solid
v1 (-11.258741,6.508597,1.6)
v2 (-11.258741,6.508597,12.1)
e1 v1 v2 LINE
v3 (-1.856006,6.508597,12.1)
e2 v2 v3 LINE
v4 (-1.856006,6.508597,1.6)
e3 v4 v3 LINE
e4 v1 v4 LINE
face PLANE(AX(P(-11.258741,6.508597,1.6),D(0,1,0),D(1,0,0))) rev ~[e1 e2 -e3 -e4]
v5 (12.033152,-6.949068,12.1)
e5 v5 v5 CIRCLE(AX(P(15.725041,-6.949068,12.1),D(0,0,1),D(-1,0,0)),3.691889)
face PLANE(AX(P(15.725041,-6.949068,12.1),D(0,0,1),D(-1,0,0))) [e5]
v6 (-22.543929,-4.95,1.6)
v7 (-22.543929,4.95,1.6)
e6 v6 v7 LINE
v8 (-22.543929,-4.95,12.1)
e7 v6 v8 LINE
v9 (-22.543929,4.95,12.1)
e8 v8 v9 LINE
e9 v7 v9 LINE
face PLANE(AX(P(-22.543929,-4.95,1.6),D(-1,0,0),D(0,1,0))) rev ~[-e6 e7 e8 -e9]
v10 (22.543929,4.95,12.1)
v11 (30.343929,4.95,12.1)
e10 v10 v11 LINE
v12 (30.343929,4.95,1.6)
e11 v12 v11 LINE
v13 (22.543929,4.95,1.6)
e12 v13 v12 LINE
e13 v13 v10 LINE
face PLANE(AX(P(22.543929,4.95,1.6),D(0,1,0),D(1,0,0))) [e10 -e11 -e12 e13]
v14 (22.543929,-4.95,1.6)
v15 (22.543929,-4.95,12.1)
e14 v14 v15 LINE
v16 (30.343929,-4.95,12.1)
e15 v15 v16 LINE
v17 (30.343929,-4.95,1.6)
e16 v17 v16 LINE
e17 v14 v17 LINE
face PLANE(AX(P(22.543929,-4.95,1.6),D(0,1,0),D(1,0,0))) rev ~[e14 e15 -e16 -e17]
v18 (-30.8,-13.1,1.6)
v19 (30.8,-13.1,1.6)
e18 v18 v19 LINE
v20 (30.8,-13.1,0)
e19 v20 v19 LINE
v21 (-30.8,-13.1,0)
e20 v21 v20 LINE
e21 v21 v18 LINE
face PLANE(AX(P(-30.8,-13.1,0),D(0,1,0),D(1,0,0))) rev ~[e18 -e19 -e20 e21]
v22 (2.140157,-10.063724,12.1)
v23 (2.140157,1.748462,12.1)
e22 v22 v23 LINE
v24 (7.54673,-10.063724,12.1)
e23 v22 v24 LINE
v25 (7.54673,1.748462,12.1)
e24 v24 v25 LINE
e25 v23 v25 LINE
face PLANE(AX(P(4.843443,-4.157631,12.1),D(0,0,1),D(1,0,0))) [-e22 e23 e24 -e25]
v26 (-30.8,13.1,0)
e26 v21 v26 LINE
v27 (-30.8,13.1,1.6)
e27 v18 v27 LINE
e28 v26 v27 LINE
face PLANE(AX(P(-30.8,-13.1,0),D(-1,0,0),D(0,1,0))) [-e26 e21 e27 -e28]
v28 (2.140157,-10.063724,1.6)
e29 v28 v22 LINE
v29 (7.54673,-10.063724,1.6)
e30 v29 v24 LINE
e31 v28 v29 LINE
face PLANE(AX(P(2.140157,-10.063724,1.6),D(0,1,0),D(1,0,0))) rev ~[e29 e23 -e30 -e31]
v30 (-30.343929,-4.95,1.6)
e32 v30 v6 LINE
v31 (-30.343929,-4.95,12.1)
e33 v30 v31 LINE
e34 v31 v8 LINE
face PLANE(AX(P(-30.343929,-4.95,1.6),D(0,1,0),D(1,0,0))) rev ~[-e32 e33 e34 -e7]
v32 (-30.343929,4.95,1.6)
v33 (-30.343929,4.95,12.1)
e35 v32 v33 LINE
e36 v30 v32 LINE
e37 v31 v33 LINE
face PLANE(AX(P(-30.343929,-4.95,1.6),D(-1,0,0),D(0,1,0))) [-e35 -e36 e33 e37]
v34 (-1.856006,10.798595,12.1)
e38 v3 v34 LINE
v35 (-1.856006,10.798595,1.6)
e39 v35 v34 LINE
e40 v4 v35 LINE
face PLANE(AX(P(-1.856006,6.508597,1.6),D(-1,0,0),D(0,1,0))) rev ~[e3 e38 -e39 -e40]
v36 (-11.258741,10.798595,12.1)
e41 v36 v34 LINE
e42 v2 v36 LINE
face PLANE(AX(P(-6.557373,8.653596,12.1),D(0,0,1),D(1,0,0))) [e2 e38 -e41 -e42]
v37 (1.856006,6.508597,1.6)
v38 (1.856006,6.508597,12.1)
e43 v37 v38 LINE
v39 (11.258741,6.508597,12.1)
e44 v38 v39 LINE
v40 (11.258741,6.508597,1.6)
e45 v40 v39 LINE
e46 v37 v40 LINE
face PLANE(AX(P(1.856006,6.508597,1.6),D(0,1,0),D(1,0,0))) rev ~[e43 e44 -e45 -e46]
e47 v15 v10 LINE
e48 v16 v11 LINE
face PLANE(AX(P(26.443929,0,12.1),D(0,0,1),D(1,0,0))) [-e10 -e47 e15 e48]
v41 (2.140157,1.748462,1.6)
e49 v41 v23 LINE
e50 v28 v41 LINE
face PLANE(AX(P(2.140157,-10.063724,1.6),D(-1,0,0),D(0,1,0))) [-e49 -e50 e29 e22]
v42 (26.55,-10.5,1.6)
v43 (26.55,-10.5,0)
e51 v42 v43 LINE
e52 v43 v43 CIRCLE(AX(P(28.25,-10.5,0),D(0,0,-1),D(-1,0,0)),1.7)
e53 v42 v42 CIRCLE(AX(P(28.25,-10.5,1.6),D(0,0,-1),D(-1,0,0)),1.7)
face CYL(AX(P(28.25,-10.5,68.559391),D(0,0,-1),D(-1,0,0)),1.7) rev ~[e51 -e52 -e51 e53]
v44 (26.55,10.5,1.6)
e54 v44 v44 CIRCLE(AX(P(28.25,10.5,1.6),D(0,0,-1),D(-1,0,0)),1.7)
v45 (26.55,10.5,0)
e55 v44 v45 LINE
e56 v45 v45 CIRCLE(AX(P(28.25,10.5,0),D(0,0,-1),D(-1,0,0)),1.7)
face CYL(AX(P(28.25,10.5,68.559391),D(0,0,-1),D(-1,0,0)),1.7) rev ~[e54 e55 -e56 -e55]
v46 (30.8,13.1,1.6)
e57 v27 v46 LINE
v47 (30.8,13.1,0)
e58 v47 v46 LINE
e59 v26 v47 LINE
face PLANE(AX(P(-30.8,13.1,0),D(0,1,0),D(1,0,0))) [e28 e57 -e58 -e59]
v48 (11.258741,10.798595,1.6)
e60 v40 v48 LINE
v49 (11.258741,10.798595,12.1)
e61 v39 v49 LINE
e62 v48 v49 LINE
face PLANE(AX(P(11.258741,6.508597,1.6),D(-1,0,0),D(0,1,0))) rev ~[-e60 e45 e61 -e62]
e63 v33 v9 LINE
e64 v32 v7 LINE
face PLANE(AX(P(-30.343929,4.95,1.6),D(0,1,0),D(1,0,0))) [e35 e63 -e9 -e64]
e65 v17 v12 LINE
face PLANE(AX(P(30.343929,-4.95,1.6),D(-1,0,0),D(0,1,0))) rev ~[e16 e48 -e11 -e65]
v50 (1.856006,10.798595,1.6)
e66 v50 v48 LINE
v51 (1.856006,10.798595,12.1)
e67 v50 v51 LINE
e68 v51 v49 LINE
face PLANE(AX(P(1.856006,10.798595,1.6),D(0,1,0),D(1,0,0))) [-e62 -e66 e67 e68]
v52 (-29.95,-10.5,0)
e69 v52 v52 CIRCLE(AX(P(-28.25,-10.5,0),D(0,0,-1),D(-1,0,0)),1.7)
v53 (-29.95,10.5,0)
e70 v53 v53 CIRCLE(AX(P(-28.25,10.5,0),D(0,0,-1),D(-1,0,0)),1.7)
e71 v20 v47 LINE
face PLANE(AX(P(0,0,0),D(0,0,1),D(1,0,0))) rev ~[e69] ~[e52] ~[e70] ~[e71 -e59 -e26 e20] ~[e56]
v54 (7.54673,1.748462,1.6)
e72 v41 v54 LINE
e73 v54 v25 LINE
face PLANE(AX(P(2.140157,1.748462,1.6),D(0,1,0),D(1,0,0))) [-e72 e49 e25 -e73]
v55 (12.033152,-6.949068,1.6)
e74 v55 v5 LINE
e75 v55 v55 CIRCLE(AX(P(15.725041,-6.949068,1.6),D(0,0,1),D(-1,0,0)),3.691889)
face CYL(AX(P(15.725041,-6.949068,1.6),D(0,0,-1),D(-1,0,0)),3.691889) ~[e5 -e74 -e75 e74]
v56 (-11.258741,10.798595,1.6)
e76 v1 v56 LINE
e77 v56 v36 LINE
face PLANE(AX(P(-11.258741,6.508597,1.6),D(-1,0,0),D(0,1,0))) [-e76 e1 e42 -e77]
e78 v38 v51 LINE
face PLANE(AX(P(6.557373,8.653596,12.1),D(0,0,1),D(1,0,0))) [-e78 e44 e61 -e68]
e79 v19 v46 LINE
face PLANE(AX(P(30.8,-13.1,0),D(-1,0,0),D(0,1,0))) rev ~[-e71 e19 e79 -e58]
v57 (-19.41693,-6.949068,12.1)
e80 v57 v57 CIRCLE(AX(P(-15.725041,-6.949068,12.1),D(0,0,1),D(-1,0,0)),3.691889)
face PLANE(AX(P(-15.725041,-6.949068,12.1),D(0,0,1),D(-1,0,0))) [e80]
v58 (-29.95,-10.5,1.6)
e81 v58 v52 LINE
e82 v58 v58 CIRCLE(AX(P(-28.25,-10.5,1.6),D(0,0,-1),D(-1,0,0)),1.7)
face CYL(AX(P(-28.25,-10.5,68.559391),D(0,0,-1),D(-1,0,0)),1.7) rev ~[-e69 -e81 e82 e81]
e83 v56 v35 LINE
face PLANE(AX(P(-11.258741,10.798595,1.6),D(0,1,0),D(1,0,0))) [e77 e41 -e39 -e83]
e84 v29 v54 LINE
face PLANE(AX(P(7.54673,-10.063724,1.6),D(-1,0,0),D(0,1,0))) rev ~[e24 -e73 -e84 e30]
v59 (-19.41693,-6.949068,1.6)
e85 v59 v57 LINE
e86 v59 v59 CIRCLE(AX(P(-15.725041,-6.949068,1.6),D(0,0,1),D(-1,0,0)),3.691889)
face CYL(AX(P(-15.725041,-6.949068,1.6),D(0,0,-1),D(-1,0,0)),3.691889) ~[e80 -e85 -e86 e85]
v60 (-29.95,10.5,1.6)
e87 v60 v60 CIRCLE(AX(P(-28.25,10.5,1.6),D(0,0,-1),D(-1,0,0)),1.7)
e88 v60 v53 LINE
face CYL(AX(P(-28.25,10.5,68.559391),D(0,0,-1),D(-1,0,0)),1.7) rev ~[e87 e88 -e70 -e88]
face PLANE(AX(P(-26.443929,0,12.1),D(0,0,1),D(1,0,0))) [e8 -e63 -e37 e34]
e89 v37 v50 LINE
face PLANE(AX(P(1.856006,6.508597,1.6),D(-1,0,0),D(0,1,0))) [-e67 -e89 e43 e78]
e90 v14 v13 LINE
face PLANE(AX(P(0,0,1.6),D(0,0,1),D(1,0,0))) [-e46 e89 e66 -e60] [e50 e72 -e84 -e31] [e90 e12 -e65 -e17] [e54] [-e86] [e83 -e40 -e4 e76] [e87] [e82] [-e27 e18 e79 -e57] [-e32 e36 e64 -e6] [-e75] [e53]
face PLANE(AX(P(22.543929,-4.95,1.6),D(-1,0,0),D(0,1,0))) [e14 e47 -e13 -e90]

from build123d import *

# Parameters (mm, degrees)
ESQUISSE1_W        = 61.6
ESQUISSE1_H        = 26.2
BOSS_EXTRU_1_DEPTH = 1.6
D_GAGEMENT_M31_D   = 3.4
ESQUISSE5_R        = 3.691889044
ESQUISSE5_W        = 7.8
ESQUISSE5_H        = 9.9
ESQUISSE5_W_2      = 9.402735495
ESQUISSE5_H_2      = 4.28999807
ESQUISSE5_W_3      = 5.40657291
ESQUISSE5_H_3      = 11.812186467
BOSS_EXTRU_2_DEPTH = 10.5


with BuildPart() as part:
    # Esquisse1 → Boss.-Extru.1 (new body)
    with BuildSketch(Plane.XY):
        Rectangle(ESQUISSE1_W, ESQUISSE1_H)
    extrude(amount=BOSS_EXTRU_1_DEPTH)

    # Dégagement M31 (through all)
    with Locations(Plane.XY.offset(1.6)):
        with Locations((-28.25, 10.5), (28.25, 10.5), (28.25, -10.5), (-28.25, -10.5)):
            Hole(D_GAGEMENT_M31_D / 2)

    # Esquisse5 → Boss.-Extru.2 (add)
    with BuildSketch(Plane.XY.offset(1.6)):
        with Locations(Location((-15.725040559, -6.949067891, 0), (0, 0, 180))):
            Circle(ESQUISSE5_R)
        with Locations(Location((15.725040559, -6.949067891, 0), (0, 0, 180))):
            Circle(ESQUISSE5_R)
        with Locations((-26.443929164, 0)):
            Rectangle(ESQUISSE5_W, ESQUISSE5_H)
        with Locations((26.443929164, 0)):
            Rectangle(ESQUISSE5_W, ESQUISSE5_H)
        with Locations((6.557373451, 8.653596323)):
            Rectangle(ESQUISSE5_W_2, ESQUISSE5_H_2)
        with Locations((4.843443338, -4.157630791)):
            Rectangle(ESQUISSE5_W_3, ESQUISSE5_H_3)
        with Locations((-6.557373451, 8.653596323)):
            Rectangle(ESQUISSE5_W_2, ESQUISSE5_H_2)
    extrude(amount=BOSS_EXTRU_2_DEPTH)


solid = part.part
